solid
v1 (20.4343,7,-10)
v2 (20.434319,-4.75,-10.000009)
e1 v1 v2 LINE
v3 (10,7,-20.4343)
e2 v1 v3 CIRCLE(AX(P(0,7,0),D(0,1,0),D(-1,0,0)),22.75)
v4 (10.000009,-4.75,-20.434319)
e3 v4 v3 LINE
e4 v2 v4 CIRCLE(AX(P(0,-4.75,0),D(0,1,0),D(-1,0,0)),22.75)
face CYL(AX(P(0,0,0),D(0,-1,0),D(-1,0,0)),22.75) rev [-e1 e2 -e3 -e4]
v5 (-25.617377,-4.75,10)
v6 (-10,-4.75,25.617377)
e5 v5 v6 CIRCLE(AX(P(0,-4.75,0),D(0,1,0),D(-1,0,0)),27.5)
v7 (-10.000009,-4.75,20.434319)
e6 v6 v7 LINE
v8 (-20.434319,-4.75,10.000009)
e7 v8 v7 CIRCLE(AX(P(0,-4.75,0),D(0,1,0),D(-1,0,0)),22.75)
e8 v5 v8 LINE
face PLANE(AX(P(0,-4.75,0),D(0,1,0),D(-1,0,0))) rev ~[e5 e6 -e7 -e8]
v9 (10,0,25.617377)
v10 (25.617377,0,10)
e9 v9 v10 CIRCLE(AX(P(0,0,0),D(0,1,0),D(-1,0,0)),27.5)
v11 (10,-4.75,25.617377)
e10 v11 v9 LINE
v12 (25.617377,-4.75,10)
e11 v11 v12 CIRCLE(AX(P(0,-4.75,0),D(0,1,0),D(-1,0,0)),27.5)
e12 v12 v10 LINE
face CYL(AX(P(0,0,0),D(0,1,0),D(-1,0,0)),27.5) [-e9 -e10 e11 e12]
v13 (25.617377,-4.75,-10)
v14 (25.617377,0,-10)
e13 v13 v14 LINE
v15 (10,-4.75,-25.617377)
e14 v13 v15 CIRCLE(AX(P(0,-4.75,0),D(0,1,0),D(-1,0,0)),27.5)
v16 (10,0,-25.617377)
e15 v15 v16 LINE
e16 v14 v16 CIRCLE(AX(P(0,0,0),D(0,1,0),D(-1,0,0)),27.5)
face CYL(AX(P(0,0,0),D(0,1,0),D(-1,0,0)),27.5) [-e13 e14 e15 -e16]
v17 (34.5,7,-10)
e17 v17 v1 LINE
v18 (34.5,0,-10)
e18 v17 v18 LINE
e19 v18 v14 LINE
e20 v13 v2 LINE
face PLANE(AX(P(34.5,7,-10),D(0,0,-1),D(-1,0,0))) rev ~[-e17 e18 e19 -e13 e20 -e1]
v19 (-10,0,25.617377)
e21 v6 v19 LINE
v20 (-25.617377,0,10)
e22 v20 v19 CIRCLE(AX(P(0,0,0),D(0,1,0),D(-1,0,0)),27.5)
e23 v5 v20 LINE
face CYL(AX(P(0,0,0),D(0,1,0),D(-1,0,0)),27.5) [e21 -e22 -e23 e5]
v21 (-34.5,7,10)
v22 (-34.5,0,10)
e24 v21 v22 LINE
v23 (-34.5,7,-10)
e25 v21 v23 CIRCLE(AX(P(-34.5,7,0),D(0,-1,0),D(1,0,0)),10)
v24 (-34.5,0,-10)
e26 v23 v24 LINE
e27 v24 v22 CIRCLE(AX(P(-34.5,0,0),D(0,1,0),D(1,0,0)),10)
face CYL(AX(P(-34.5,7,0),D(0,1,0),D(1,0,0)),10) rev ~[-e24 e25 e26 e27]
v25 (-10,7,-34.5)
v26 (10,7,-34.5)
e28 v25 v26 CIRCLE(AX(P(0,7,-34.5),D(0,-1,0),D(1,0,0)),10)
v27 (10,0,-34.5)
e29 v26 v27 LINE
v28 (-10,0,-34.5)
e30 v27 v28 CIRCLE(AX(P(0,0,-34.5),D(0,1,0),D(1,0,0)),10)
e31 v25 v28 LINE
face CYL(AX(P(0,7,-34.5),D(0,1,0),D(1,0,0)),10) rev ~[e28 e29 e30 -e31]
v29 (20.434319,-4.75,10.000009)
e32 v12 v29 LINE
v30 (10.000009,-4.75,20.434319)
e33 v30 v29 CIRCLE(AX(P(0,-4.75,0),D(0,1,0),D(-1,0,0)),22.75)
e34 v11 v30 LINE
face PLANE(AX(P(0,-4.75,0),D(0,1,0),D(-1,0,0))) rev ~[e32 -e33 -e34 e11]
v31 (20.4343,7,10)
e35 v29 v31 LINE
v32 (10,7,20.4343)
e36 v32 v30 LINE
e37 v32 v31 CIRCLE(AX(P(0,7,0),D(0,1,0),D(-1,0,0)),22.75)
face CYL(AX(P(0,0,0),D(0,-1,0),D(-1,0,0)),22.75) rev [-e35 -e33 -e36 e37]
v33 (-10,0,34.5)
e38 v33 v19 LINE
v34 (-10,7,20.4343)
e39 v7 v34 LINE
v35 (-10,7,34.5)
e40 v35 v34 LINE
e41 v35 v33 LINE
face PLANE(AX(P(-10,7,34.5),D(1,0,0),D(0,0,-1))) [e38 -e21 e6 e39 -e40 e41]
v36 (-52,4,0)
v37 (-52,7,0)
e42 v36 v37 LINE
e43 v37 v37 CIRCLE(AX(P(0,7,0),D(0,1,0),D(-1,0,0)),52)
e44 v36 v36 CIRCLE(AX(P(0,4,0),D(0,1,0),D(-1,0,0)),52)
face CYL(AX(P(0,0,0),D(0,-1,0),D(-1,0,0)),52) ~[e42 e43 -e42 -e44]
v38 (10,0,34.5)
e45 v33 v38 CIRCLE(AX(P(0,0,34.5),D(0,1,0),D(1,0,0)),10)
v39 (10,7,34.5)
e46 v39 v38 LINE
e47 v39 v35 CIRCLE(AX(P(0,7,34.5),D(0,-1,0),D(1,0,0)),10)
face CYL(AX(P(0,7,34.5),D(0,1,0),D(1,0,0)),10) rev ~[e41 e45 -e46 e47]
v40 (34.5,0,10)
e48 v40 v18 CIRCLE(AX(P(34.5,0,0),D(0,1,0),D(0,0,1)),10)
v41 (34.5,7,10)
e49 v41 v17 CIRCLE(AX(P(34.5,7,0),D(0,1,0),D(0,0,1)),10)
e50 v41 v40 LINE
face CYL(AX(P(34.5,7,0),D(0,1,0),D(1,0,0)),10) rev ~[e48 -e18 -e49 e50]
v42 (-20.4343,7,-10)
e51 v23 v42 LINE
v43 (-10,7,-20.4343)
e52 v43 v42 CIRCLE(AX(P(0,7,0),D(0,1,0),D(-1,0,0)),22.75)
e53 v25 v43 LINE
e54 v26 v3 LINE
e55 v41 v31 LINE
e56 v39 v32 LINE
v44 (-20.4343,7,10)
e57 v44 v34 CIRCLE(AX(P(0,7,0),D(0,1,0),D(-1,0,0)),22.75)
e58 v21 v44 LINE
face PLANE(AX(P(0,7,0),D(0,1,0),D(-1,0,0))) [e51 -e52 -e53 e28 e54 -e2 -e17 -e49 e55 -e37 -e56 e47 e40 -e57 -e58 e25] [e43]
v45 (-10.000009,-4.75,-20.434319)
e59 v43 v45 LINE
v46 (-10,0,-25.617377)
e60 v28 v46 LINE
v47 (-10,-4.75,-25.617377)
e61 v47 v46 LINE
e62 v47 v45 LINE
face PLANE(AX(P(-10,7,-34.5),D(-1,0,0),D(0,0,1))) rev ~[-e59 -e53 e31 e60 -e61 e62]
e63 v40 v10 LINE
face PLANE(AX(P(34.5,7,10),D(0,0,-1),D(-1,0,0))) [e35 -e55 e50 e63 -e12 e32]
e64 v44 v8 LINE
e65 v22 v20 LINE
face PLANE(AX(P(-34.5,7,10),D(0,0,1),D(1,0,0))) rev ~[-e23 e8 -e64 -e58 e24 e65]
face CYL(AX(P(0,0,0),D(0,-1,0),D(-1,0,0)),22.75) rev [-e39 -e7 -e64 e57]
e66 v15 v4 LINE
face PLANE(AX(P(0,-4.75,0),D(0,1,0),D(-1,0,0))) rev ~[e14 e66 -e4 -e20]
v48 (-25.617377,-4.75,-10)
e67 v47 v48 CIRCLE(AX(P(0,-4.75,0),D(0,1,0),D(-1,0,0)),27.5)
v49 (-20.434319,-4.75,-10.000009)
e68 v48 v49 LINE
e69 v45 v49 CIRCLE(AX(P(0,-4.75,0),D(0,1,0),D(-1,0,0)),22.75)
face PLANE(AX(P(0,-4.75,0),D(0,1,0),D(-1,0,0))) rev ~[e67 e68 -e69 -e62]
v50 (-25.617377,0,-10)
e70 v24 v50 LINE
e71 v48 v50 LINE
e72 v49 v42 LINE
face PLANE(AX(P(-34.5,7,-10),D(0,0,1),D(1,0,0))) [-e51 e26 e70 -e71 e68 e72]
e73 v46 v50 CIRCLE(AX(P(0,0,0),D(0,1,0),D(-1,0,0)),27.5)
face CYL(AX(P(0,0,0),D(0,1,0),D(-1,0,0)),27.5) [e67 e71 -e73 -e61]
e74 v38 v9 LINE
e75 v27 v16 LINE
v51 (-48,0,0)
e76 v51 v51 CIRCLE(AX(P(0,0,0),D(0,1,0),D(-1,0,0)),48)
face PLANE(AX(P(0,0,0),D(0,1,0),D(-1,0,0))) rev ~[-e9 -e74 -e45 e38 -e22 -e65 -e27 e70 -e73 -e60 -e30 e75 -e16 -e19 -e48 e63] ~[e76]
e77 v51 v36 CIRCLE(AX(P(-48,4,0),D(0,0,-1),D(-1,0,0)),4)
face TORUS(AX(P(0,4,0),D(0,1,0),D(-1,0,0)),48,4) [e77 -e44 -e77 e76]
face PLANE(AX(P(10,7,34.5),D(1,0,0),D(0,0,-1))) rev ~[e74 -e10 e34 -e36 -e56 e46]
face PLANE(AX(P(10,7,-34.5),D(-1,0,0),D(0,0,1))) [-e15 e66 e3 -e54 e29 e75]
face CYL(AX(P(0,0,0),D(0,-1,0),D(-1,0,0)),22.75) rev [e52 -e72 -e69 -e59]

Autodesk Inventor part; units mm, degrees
ref_plane "YZ Plane" through (0, 0, 0) normal (1, 0, 0) x (0, 1, 0)
ref_plane "XZ Plane" through (0, 0, 0) normal (0, 1, 0) x (-1, 0, 0)
ref_plane "XY Plane" through (0, 0, 0) normal (0, 0, 1) x (1, 0, 0)
sketch "Sketch1" plane through (0, 0, 0) normal (0, 1, 0) x (-1, 0, 0)
  circle A0 centre (0, 0) radius 52
  circle A1 centre (0, 0) radius 22.75
  circle A2 centre (0, 0) radius 27.5
  dimension "d2" = 45.5
  dimension "d4" = 55
extrude "Extrusion1" add sketch "Sketch1" against normal blind 4.75 contours A2
extrude "Extrusion2" add sketch "Sketch1" along normal blind 7 contours A0 | A2
fillet "Fillet1" radius 4 1 edges at (52, 0, 0)
sketch "Sketch2" plane through (0, 7, 0) normal (0, 1, 0) x (1, 0, 0)
  circle A0 centre (34.5, 0) radius 10
  circle A1 centre (0, 34.5) radius 10
  circle A2 centre (-34.5, 0) radius 10
  circle A3 centre (0, -34.5) radius 10
  circle A4 centre (0, 0) radius 52
  line L0 (0, 0) -> (44.5, 0)
  circle A5 centre (0, 0) radius 44.5
  dimension "d14" = 360
extrude "Extrusion3" cut sketch "Sketch2" against normal through all contours L0 A0 | A0 L0 | A1 | A2 | A3
sketch "Sketch3" plane through (0, 7, 0) normal (0, 1, 0) x (1, 0, 0)
  circle A0 centre (0, 34.5) radius 10 projected
  arc A1 (6.3329, 26.7609) -> (-6.3329, 26.7609) centre (0, 34.5) ccw projected
  line L0 (-10, 34.5) -> (-10, 20.4343)
  circle A2 centre (0, 0) radius 22.75 projected
  line L1 (10, 34.5) -> (10, 20.4343)
  line L2 (-34.5, -10) -> (-20.4343, -10)
  line L3 (-34.5, 10) -> (-20.4343, 10)
  line L4 (10, -34.5) -> (10, -20.4343)
  line L5 (-10, -34.5) -> (-10, -20.4343)
  line L6 (34.5, 10) -> (20.4343, 10)
  line L7 (34.5, -10) -> (20.4343, -10)
  circle A3 centre (-34.5, 0) radius 10 projected
  circle A4 centre (34.5, 0) radius 10 projected
  circle A5 centre (0, -34.5) radius 10 projected
  point P0 (-26.7609, 6.3329)
  point P1 (-26.7609, -6.3329)
  point P2 (-6.3329, -26.7609)
  point P3 (6.3329, -26.7609)
  point P4 (34.5, 0)
  point P5 (26.7609, -6.3329)
  point P6 (26.7609, 6.3329)
  point P7 (34.5, 0)
  dimension "d22" = 360
extrude "Extrusion5" cut sketch "Sketch3" against normal through all contours L1 A2 L0 A0 | L6 A4 L7 A2 | A2 L2 A3 L3 | A2 L4 A5 L5
properties part number "wheel_chain_guide_holes"
